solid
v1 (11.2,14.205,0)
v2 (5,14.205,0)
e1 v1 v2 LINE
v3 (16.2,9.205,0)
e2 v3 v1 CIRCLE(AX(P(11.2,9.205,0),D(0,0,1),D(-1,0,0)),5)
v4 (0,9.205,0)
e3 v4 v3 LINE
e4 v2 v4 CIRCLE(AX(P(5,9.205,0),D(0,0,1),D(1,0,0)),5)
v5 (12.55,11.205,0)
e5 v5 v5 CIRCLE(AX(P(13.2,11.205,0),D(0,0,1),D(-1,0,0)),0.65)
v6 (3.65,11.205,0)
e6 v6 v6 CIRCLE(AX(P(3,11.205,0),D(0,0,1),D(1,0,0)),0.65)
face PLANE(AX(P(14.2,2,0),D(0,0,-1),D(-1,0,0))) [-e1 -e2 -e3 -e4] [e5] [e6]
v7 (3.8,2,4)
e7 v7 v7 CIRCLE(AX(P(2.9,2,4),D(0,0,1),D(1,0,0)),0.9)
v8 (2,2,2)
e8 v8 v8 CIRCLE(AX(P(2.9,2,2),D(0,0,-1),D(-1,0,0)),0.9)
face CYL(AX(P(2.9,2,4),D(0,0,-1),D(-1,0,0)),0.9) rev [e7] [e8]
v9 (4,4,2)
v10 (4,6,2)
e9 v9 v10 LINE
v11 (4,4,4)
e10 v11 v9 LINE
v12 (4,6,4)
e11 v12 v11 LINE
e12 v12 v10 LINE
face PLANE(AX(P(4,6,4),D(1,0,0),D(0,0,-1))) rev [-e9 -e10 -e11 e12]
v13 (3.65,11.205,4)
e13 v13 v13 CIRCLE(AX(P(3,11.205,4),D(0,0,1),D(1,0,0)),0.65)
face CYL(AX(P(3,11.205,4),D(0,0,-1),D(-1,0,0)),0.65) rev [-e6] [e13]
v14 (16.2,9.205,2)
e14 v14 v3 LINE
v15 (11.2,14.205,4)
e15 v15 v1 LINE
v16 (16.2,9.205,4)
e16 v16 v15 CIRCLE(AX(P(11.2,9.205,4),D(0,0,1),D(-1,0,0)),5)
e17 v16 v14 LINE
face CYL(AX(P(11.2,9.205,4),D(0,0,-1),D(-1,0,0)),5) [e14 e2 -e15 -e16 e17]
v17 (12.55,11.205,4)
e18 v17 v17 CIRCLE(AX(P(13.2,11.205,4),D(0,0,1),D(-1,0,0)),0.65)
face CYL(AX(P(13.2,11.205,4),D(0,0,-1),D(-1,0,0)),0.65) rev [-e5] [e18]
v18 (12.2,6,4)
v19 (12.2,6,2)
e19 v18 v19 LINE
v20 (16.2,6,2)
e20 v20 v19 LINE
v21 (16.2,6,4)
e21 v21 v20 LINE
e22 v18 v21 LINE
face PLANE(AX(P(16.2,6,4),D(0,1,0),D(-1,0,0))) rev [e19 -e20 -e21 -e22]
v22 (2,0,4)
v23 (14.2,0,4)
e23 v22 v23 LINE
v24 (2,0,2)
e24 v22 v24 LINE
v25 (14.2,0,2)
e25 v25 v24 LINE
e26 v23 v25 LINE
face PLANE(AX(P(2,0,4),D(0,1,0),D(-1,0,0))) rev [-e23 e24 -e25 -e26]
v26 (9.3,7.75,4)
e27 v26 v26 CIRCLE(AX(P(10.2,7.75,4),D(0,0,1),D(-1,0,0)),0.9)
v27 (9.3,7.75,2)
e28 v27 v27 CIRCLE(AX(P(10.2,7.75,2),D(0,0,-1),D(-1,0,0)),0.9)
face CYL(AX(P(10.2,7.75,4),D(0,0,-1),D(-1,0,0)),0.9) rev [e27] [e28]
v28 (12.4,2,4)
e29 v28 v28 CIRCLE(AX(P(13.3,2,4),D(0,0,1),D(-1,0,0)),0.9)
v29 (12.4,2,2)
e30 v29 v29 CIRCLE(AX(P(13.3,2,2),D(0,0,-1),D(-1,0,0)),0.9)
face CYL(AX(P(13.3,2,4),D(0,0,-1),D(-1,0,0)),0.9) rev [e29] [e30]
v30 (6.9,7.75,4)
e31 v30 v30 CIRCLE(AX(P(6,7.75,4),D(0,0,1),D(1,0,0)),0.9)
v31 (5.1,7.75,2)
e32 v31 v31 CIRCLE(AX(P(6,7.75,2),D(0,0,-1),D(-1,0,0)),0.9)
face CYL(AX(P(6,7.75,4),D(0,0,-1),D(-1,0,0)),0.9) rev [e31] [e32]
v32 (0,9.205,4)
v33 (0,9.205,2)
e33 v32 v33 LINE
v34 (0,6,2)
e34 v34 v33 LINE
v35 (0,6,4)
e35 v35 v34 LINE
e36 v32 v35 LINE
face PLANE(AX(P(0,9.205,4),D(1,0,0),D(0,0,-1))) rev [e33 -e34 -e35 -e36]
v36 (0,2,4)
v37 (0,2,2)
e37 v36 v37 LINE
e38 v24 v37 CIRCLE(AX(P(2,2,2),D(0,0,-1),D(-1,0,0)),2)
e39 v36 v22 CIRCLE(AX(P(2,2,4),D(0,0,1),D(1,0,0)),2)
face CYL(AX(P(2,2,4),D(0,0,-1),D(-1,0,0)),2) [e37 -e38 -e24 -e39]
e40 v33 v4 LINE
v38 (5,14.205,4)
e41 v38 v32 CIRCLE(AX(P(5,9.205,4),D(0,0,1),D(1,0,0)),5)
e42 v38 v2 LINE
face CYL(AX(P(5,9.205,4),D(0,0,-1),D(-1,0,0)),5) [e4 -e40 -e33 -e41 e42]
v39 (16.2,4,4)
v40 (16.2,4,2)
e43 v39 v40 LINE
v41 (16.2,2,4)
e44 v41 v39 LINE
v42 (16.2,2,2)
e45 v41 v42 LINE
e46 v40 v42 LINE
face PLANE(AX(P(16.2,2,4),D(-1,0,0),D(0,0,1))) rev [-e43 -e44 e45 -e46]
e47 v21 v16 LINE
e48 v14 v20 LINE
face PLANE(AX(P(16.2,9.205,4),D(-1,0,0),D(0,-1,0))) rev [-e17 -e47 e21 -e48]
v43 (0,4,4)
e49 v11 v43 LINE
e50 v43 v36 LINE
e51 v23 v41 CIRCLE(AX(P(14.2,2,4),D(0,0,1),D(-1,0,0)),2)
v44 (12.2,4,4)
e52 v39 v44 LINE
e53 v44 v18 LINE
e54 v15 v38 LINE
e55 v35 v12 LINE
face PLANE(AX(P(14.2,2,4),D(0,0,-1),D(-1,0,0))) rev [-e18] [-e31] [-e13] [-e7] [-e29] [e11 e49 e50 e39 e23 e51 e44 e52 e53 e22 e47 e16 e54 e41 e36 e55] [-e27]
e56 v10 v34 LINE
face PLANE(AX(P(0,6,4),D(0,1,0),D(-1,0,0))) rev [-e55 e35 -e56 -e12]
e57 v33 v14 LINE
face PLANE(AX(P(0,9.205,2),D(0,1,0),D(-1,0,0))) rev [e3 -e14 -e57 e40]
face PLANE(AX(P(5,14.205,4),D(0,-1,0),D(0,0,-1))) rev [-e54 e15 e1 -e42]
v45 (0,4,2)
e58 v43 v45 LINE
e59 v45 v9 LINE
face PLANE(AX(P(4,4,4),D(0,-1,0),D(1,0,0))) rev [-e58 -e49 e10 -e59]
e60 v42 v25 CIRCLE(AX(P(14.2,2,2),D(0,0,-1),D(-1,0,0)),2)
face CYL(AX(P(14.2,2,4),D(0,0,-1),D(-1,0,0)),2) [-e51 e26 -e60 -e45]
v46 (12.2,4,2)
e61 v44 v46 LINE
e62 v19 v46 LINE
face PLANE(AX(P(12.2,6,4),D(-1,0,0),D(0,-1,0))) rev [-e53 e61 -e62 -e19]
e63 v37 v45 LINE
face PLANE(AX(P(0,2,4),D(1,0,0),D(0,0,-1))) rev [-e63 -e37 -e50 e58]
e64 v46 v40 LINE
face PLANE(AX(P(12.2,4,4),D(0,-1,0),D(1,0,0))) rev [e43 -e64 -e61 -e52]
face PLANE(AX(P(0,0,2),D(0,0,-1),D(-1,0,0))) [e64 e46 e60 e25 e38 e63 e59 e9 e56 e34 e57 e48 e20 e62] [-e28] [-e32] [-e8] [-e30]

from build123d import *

# Parameters (mm, degrees)
SKETCH1_R           = 0.9
SKETCH1_R_2         = 0.65
BOSS_EXTRUDE1_DEPTH = 4
SKETCH2_W           = 16.2
SKETCH2_H           = 9.205
CUT_EXTRUDE1_DEPTH  = 2


with BuildPart() as part:
    # Sketch1 → Boss-Extrude1 (new body)
    with BuildSketch(Plane.XY):
        with BuildLine():
            Line((12.2, 4), (16.2, 4))
            Line((16.2, 4), (16.2, 2))
            ThreePointArc((16.2, 2), (15.614213562, 0.585786438), (14.2, 0))
            Line((14.2, 0), (2, 0))
            ThreePointArc((2, 0), (0.585786438, 0.585786438), (0, 2))
            Line((0, 2), (0, 4))
            Line((0, 4), (4, 4))
            Line((4, 4), (4, 6))
            Line((4, 6), (0, 6))
            Line((0, 6), (0, 9.205))
            ThreePointArc((0, 9.205), (1.464466094, 12.740533906), (5, 14.205))
            Line((5, 14.205), (11.2, 14.205))
            ThreePointArc((11.2, 14.205), (14.735533906, 12.740533906), (16.2, 9.205))
            Line((16.2, 9.205), (16.2, 6))
            Line((16.2, 6), (12.2, 6))
            Line((12.2, 6), (12.2, 4))
        make_face()
        with Locations((13.3, 2)):
            Circle(SKETCH1_R, mode=Mode.SUBTRACT)
        with Locations((13.2, 11.205)):
            Circle(SKETCH1_R_2, mode=Mode.SUBTRACT)
        with Locations((10.2, 7.75)):
            Circle(SKETCH1_R, mode=Mode.SUBTRACT)
        with Locations((6, 7.75)):
            Circle(SKETCH1_R, mode=Mode.SUBTRACT)
        with Locations((3, 11.205)):
            Circle(SKETCH1_R_2, mode=Mode.SUBTRACT)
        with Locations((2.9, 2)):
            Circle(SKETCH1_R, mode=Mode.SUBTRACT)
    extrude(amount=BOSS_EXTRUDE1_DEPTH)

    # Sketch2 → Cut-Extrude1 (cut)
    with BuildSketch(Plane(origin=(0, 0, 0), x_dir=(-1, 0, 0), z_dir=(0, 0, -1))):
        with Locations((-8.1, 4.6025)):
            Rectangle(SKETCH2_W, SKETCH2_H)
    extrude(amount=-CUT_EXTRUDE1_DEPTH, mode=Mode.SUBTRACT)


solid = part.part
